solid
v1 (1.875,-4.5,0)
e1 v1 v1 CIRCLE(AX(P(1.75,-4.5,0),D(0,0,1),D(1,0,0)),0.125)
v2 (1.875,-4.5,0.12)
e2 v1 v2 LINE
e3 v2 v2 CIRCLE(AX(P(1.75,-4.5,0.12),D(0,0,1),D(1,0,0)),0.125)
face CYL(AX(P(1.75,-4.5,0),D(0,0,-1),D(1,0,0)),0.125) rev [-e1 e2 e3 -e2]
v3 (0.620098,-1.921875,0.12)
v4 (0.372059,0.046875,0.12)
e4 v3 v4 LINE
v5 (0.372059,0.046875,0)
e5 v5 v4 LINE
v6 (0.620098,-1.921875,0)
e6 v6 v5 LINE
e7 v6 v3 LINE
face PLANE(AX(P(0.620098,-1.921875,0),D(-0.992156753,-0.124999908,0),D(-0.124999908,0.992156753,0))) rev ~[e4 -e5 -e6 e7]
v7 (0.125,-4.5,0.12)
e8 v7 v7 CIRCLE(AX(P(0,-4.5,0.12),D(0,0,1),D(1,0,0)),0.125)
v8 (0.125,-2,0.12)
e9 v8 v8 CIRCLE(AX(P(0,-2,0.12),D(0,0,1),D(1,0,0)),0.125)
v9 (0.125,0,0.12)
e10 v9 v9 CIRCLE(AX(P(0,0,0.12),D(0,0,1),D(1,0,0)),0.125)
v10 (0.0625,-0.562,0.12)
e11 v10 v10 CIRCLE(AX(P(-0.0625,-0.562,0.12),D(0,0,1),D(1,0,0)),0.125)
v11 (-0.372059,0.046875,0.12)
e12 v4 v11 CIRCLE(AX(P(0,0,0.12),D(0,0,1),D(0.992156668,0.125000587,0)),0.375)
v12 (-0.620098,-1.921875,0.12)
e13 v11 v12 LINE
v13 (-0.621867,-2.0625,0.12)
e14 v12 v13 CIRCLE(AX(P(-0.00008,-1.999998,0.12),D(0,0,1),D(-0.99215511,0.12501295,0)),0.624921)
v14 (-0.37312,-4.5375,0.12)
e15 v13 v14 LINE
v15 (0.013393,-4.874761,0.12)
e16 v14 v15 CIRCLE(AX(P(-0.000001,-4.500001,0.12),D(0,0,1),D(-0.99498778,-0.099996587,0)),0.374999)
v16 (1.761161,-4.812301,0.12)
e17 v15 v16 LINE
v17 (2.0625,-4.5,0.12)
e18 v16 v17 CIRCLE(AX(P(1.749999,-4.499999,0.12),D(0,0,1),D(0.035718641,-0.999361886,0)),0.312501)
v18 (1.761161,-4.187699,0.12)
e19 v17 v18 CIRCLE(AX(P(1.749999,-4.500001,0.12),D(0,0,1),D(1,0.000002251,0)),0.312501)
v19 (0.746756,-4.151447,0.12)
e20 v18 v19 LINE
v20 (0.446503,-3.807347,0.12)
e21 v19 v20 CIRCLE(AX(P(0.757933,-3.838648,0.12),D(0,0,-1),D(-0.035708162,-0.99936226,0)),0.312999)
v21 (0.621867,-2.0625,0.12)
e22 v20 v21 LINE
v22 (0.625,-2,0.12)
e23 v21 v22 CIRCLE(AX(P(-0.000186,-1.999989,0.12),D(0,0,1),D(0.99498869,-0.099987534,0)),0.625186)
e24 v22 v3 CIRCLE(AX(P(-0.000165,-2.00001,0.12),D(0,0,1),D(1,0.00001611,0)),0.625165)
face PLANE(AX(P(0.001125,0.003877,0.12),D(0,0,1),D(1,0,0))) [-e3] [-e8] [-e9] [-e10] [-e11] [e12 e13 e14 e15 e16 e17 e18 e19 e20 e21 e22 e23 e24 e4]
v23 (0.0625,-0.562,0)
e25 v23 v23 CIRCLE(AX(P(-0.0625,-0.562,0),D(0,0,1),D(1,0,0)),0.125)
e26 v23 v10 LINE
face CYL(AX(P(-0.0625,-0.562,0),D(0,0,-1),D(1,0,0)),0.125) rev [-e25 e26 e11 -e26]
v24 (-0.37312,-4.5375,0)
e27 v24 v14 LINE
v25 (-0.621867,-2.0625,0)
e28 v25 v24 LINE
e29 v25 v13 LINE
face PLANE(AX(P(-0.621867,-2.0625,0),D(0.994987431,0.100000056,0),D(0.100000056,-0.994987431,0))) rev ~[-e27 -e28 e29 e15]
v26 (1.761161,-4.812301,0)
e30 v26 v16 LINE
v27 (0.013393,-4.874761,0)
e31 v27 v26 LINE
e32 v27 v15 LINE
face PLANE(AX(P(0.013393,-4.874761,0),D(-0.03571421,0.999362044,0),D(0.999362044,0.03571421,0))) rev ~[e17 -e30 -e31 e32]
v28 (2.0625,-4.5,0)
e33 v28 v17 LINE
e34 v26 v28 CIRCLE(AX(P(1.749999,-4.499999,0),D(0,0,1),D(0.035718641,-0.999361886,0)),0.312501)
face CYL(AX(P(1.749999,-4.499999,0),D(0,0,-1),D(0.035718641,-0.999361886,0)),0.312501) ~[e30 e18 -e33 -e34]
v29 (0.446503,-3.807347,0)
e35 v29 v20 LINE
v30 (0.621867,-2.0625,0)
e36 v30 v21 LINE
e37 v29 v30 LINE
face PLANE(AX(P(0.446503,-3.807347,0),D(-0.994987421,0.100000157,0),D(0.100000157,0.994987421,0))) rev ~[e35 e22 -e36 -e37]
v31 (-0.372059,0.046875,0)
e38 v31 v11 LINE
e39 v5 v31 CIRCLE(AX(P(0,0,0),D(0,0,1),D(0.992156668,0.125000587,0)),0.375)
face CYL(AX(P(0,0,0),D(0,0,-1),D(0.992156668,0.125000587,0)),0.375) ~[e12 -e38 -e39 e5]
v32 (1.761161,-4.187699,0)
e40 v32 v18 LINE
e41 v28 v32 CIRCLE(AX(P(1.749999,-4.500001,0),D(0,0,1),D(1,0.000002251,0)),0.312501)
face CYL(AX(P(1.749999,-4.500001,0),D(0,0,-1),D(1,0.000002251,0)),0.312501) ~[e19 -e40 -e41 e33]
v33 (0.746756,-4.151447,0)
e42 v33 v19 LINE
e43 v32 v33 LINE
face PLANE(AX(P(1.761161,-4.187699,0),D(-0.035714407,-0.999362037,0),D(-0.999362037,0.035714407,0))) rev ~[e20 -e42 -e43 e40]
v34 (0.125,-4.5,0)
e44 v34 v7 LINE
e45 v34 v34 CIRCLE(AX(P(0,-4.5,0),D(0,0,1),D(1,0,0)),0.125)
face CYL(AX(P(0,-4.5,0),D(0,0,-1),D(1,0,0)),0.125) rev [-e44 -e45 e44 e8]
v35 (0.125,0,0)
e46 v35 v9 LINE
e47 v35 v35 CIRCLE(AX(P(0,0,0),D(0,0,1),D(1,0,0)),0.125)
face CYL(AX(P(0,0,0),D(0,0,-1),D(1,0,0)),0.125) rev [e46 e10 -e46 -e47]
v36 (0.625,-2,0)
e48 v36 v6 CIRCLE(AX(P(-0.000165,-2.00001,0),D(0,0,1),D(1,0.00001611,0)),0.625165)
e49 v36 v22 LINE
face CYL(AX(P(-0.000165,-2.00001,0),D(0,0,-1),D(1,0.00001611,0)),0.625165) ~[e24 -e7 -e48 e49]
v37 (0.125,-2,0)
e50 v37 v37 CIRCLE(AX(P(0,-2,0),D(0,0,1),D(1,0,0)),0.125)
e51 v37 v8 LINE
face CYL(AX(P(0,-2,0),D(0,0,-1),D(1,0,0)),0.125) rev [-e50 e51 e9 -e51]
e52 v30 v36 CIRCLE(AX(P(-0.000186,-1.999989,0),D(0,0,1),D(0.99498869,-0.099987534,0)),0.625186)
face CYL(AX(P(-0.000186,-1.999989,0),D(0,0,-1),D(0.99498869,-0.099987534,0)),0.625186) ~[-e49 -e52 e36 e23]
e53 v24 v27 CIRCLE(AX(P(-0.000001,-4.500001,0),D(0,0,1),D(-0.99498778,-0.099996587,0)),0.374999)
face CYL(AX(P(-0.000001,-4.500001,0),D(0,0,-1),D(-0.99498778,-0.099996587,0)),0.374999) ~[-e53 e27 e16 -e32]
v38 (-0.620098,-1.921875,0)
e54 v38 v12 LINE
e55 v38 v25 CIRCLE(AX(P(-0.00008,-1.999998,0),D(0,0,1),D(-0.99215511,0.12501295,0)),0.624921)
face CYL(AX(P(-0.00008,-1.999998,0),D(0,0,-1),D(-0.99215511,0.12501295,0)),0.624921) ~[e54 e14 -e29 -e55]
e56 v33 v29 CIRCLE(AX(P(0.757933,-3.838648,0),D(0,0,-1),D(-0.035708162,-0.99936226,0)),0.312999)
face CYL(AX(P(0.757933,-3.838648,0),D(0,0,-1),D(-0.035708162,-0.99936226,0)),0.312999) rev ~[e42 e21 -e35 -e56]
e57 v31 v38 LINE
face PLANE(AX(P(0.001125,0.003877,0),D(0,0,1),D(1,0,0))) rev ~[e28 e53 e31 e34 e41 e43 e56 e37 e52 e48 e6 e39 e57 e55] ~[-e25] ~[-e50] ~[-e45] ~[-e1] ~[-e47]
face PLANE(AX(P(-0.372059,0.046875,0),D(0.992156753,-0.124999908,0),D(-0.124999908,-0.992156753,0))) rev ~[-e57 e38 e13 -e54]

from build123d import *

# Parameters (mm, degrees)
F0_R     = 0.125
F1_DEPTH = 0.12


with BuildPart() as f1:
    # F0 (on Top) → F1 (new body)
    with BuildSketch(Plane.XY):
        with BuildLine():
            ThreePointArc((-0.372059, 0.046875), (-0.023484, -0.374264), (0.375, 0))
            ThreePointArc((0.375, 0), (0.374264, 0.023484), (0.372059, 0.046875))
            ThreePointArc((0.372059, 0.046875), (0, 0.375), (-0.372059, 0.046875))
        make_face()
        Circle(F0_R, mode=Mode.SUBTRACT)
        with BuildLine():
            ThreePointArc((0.372059, 0.046875), (0.374264, 0.023484), (0.375, 0))
            ThreePointArc((0.375, 0), (-0.023484, -0.374264), (-0.372059, 0.046875))
            Line((-0.372059, 0.046875), (-0.620098, -1.921875))
            ThreePointArc((-0.620098, -1.921875), (0, -1.375), (0.620098, -1.921875))
            Line((0.620098, -1.921875), (0.372059, 0.046875))
        make_face()
        with Locations((-0.0625, -0.562)):
            Circle(F0_R, mode=Mode.SUBTRACT)
        with BuildLine():
            ThreePointArc((0.625, -2), (0.623773, -1.960861), (0.620098, -1.921875))
            ThreePointArc((0.620098, -1.921875), (0, -1.375), (-0.620098, -1.921875))
            ThreePointArc((-0.620098, -1.921875), (-0.624951, -1.992138), (-0.621867, -2.0625))
            ThreePointArc((-0.621867, -2.0625), (0, -2.625), (0.621867, -2.0625))
            ThreePointArc((0.621867, -2.0625), (0.624216, -2.031289), (0.625, -2))
        make_face()
        with Locations((0, -2)):
            Circle(F0_R, mode=Mode.SUBTRACT)
        with BuildLine():
            ThreePointArc((0.621867, -2.0625), (0, -2.625), (-0.621867, -2.0625))
            Line((-0.621867, -2.0625), (-0.37312, -4.5375))
            ThreePointArc((-0.37312, -4.5375), (-0.018774, -4.12547), (0.375, -4.5))
            ThreePointArc((0.375, -4.5), (0.269859, -4.760387), (0.013393, -4.874761))
            Line((0.013393, -4.874761), (1.761161, -4.812301))
            ThreePointArc((1.761161, -4.812301), (1.4375, -4.5), (1.761161, -4.187699))
            Line((1.761161, -4.187699), (0.746756, -4.151447))
            ThreePointArc((0.746756, -4.151447), (0.522094, -4.044435), (0.446503, -3.807347))
            Line((0.446503, -3.807347), (0.621867, -2.0625))
        make_face()
        with BuildLine():
            ThreePointArc((0.375, -4.5), (-0.018774, -4.12547), (-0.37312, -4.5375))
            ThreePointArc((-0.37312, -4.5375), (-0.246551, -4.782556), (0.013393, -4.874761))
            ThreePointArc((0.013393, -4.874761), (0.269859, -4.760387), (0.375, -4.5))
        make_face()
        with Locations((0, -4.5)):
            Circle(F0_R, mode=Mode.SUBTRACT)
        with BuildLine():
            ThreePointArc((1.761161, -4.187699), (1.4375, -4.5), (1.761161, -4.812301))
            ThreePointArc((1.761161, -4.812301), (1.974882, -4.716989), (2.0625, -4.5))
            ThreePointArc((2.0625, -4.5), (1.974882, -4.283011), (1.761161, -4.187699))
        make_face()
        with Locations((1.75, -4.5)):
            Circle(F0_R, mode=Mode.SUBTRACT)
    extrude(amount=F1_DEPTH)


solid = f1.part
